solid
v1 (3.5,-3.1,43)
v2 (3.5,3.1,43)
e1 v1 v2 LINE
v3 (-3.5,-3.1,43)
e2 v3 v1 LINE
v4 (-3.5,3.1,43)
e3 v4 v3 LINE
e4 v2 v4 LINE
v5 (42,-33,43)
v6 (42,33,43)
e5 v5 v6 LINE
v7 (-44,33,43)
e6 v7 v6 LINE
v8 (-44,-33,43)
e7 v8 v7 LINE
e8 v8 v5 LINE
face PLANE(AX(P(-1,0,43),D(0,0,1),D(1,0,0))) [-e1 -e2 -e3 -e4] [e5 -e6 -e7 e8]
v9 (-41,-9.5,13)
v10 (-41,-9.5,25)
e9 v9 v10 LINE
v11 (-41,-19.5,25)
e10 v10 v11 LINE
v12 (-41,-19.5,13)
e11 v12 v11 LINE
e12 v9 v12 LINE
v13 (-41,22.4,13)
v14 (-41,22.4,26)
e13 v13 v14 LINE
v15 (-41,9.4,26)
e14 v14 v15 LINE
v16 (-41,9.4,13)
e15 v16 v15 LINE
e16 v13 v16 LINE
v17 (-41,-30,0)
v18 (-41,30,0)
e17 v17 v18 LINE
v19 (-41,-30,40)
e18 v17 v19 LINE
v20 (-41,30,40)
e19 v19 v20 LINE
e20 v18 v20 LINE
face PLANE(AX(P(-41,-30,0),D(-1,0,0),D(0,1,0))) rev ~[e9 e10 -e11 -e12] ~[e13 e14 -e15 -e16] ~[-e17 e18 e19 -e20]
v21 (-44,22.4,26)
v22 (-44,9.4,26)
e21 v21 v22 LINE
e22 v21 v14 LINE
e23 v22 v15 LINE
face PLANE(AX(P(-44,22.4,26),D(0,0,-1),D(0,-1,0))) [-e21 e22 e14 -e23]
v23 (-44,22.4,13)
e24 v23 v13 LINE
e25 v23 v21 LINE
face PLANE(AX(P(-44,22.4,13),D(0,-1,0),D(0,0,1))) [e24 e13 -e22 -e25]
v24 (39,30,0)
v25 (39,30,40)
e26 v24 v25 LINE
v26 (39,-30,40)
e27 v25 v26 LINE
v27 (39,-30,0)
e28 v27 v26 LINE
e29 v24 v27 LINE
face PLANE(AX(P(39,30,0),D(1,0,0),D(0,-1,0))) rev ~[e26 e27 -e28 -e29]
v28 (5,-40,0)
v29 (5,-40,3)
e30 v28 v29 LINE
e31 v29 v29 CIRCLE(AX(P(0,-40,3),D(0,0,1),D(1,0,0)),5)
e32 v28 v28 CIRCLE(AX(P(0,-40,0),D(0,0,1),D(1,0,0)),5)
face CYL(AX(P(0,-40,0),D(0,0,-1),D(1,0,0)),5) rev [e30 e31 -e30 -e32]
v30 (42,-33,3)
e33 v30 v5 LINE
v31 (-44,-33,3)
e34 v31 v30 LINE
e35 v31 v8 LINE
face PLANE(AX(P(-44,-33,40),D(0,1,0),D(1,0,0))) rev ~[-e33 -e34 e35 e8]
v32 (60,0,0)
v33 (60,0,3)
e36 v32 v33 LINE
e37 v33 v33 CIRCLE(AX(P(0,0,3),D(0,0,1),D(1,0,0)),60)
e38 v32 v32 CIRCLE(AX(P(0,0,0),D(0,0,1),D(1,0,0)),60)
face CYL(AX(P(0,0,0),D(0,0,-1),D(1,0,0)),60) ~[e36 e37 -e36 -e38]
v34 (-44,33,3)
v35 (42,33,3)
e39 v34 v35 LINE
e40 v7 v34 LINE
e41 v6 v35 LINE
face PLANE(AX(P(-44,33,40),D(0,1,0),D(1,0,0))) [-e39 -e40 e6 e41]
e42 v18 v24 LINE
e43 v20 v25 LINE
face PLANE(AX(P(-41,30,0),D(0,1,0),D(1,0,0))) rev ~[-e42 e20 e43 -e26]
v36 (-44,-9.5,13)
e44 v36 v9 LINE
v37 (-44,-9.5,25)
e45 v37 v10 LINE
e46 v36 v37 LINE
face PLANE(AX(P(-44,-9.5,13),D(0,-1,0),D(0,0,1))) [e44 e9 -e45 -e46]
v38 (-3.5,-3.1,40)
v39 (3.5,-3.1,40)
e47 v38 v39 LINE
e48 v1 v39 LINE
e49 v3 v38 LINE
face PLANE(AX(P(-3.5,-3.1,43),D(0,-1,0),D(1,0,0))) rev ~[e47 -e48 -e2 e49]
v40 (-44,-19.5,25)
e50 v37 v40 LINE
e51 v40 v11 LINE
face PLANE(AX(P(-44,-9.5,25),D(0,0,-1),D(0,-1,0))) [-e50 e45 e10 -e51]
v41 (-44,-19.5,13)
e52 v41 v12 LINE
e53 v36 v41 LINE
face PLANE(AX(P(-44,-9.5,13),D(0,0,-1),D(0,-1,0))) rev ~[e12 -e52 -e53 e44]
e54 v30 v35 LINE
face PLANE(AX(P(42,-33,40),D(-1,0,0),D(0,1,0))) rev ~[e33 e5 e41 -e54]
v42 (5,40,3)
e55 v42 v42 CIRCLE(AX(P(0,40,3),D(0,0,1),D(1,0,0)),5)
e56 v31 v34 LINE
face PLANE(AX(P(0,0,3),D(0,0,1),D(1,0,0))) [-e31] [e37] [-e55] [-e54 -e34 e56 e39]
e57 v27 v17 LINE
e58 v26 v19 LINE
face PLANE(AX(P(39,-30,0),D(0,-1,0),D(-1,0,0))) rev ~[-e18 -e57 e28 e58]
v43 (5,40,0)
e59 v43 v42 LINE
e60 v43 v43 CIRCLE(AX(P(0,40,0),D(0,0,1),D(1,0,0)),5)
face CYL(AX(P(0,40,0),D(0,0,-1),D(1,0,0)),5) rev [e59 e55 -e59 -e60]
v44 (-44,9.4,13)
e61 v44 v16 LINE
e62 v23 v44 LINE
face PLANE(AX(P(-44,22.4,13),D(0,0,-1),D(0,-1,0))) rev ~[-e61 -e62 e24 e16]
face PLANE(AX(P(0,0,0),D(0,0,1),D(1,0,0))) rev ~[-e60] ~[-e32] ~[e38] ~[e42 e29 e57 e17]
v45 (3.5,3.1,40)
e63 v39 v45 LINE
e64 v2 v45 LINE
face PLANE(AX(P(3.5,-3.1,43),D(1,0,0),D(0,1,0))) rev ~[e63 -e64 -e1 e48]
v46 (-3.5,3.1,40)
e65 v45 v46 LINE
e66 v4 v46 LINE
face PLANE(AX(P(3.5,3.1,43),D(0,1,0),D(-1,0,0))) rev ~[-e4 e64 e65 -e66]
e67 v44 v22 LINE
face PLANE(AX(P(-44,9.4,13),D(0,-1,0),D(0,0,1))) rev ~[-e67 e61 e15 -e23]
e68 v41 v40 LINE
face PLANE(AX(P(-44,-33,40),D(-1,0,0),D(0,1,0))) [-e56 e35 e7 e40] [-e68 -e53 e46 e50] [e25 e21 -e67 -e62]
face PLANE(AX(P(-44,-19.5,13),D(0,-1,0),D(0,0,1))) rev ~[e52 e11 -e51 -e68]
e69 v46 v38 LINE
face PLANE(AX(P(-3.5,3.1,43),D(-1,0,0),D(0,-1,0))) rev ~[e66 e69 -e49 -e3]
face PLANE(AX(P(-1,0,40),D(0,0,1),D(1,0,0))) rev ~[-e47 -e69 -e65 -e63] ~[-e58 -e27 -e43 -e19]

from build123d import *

# Parameters (mm, degrees)
F0_R     = 60
F0_R_2   = 5
F0_W     = 86
F0_H     = 66
F1_DEPTH = 3
F2_DEPTH = 40
F3_W     = 86
F3_H     = 66
F4_DEPTH = 3
F5_W     = 10
F5_H     = 12
F5_W_2   = 13
F5_H_2   = 13
F6_DEPTH = 25
F8_DEPTH = 25


with BuildPart() as f1:
    # F0 (on Top) → F1 (new body)
    with BuildSketch(Plane.XY):
        Circle(F0_R)
        with Locations((0, -40)):
            Circle(F0_R_2, mode=Mode.SUBTRACT)
        with Locations((-1, 0)):
            Rectangle(F0_W, F0_H, mode=Mode.SUBTRACT)
        with Locations((0, 40)):
            Circle(F0_R_2, mode=Mode.SUBTRACT)
    extrude(amount=F1_DEPTH)

    # F0 (on Top) → F2 (join)
    with BuildSketch(Plane.XY):
        with Locations((-1, 0)):
            Rectangle(F0_W, F0_H)
        Polygon((39, 30), (39, 2), (39, -30), (-41, -30), (-41, 0), (-41, 30), align=None, mode=Mode.SUBTRACT)
    extrude(amount=F2_DEPTH)

    # F3 (on face) → F4 (join)
    with BuildSketch(Plane.XY.offset(40)):
        with Locations((-1, 0)):
            Rectangle(F3_W, F3_H)
    extrude(amount=F4_DEPTH)

    # F5 (on face) → F6 (cut)
    with BuildSketch(Plane(origin=(-44, 0, 0), x_dir=(0, -1, 0), z_dir=(-1, 0, 0))):
        with Locations((14.5, 19)):
            Rectangle(F5_W, F5_H)
        with Locations((-15.9, 19.5)):
            Rectangle(F5_W_2, F5_H_2)
    extrude(amount=-F6_DEPTH, mode=Mode.SUBTRACT)

    # F7 (on face) → F8 (cut)
    with BuildSketch(Plane.XY.offset(43)):
        Polygon((3.5, -3.1), (3.5, 0), (3.5, 3.1), (-3.5, 3.1), (-3.5, 0), (-3.5, -3.1), align=None)
    extrude(amount=-F8_DEPTH, mode=Mode.SUBTRACT)


solid = f1.part
